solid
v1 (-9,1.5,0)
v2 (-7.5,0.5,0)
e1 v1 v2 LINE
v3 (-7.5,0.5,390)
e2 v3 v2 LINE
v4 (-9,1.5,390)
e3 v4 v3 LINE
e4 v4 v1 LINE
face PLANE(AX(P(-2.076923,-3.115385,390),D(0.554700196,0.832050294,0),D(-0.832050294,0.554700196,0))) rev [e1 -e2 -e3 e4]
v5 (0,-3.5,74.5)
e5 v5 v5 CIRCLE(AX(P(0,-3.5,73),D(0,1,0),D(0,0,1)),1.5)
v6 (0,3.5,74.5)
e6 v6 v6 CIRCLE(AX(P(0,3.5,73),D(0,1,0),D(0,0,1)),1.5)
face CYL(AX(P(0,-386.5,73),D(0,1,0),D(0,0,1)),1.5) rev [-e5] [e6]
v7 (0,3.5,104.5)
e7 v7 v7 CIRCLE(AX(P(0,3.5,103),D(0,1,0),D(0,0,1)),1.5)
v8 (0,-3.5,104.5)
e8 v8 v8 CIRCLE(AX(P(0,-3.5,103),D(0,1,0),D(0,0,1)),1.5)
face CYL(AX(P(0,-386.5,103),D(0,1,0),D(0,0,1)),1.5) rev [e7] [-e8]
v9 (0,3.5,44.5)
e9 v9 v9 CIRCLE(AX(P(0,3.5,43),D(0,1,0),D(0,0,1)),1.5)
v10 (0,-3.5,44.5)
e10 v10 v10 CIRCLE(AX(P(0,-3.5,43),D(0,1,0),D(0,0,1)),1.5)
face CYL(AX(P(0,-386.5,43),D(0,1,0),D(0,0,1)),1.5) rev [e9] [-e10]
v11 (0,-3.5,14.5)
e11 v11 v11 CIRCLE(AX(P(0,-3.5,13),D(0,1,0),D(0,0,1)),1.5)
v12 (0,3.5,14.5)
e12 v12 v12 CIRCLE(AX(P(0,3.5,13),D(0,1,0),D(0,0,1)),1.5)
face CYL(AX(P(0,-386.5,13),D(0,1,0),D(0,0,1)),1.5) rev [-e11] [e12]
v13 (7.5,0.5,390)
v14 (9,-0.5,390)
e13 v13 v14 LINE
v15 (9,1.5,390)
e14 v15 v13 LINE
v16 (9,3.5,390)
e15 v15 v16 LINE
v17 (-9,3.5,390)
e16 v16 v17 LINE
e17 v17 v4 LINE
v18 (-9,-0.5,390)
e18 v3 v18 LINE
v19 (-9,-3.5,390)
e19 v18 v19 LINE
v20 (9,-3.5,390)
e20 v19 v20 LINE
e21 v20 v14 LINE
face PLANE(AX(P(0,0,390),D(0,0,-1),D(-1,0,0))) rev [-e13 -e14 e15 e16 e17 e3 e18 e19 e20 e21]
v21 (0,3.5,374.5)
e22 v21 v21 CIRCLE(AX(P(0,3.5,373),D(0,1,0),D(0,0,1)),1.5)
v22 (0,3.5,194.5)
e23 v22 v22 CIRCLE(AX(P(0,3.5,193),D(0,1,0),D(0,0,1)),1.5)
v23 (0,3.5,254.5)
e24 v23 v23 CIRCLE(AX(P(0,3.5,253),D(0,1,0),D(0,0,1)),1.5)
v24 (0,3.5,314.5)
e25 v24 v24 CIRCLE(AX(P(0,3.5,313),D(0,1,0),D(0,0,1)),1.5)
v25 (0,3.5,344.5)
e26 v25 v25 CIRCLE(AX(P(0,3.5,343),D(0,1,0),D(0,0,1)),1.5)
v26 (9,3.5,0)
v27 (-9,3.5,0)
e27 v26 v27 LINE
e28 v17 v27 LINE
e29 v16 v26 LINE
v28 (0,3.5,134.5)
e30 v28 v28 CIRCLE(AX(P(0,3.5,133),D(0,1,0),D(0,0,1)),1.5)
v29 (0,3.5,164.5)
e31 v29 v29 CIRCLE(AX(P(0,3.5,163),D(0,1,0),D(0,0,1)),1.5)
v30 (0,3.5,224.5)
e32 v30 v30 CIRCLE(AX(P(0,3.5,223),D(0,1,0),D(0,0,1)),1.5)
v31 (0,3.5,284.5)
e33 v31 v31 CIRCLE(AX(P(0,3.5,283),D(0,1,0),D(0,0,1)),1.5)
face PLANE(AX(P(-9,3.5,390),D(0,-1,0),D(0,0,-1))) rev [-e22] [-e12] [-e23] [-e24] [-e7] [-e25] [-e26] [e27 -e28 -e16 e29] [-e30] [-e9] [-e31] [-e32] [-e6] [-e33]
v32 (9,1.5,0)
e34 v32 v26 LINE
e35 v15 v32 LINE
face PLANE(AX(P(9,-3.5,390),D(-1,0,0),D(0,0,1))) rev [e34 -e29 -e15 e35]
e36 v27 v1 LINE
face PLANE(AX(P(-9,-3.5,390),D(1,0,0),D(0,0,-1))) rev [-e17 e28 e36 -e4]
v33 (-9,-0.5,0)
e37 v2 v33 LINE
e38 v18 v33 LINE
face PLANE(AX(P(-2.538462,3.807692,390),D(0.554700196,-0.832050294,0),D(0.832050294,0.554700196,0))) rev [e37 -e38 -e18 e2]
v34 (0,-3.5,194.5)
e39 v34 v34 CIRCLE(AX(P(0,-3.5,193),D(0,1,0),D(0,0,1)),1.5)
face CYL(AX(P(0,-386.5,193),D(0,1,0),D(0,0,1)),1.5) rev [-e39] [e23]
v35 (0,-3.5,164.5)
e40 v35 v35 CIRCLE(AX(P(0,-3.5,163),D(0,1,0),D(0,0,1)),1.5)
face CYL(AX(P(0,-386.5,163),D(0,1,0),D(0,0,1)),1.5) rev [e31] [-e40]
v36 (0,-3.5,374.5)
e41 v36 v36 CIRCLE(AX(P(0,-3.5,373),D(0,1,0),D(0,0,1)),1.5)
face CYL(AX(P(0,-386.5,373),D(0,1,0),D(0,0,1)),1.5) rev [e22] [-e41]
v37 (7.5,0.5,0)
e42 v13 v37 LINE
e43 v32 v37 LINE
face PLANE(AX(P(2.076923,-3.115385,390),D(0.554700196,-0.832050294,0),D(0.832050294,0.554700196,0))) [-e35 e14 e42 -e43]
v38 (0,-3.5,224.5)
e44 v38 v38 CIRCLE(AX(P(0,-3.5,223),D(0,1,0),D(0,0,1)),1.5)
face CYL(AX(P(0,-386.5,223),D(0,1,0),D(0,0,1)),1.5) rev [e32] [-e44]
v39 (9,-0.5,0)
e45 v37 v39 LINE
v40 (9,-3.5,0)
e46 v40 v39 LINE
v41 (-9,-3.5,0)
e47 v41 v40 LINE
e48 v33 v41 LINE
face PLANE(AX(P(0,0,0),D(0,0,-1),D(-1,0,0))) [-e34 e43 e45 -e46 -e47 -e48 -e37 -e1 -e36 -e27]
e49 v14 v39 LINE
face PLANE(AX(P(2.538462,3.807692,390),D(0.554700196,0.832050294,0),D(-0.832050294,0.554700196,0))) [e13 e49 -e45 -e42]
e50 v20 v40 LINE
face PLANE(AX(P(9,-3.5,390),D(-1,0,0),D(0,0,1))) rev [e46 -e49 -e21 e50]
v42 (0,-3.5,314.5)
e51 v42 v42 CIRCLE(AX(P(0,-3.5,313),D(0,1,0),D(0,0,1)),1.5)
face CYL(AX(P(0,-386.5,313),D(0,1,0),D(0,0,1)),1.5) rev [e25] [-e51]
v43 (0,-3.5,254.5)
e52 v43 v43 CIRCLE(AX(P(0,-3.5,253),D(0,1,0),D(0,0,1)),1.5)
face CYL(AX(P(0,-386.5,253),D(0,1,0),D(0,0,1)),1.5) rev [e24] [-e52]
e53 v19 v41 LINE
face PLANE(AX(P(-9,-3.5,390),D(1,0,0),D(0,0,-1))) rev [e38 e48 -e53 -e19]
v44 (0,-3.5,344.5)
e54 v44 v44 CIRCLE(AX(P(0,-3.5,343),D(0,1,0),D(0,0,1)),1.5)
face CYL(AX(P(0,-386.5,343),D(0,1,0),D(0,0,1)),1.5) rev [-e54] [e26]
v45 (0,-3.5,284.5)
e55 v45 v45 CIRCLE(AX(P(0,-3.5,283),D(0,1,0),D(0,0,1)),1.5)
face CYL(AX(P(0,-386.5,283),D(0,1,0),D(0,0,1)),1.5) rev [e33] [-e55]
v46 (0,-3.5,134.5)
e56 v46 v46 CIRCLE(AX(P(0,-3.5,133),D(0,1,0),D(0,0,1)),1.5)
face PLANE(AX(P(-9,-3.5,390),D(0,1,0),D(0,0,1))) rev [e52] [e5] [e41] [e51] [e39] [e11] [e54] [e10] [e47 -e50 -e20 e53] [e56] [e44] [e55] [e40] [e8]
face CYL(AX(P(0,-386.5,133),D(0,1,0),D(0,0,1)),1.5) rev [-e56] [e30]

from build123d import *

# Parameters (mm, degrees)
SKETCH1_W           = 18
SKETCH1_H           = 7
BOSS_EXTRUDE1_DEPTH = 390
SKETCH3_R           = 1.5
CUT_EXTRUDE1_DEPTH  = 390
CUT_EXTRUDE2_DEPTH  = 390


with BuildPart() as part:
    # Sketch1 → Boss-Extrude1 (new body)
    with BuildSketch(Plane.XY):
        Rectangle(SKETCH1_W, SKETCH1_H)
    extrude(amount=BOSS_EXTRUDE1_DEPTH)

    # Sketch3 → Cut-Extrude1 (cut)
    with BuildSketch(Plane(origin=(0, 3.5, 0), x_dir=(1, 0, 0), z_dir=(0, 1, 0))):
        with Locations((0, -13)):
            Circle(SKETCH3_R)
        with Locations((0, -43)):
            Circle(SKETCH3_R)
        with Locations((0, -73)):
            Circle(SKETCH3_R)
        with Locations((0, -103)):
            Circle(SKETCH3_R)
        with Locations((0, -133)):
            Circle(SKETCH3_R)
        with Locations((0, -163)):
            Circle(SKETCH3_R)
        with Locations((0, -193)):
            Circle(SKETCH3_R)
        with Locations((0, -223)):
            Circle(SKETCH3_R)
        with Locations((0, -253)):
            Circle(SKETCH3_R)
        with Locations((0, -283)):
            Circle(SKETCH3_R)
        with Locations((0, -313)):
            Circle(SKETCH3_R)
        with Locations((0, -343)):
            Circle(SKETCH3_R)
        with Locations((0, -373)):
            Circle(SKETCH3_R)
    extrude(amount=-CUT_EXTRUDE1_DEPTH, mode=Mode.SUBTRACT)

    # Sketch5 → Cut-Extrude2 (cut)
    with BuildSketch(Plane(origin=(0, 0, 0), x_dir=(-1, 0, 0), z_dir=(0, 0, -1))):
        Polygon((-9, 1.5), (-9, -0.5), (-7.5, 0.5), align=None)
        Polygon((9, -0.5), (9, 1.5), (7.5, 0.5), align=None)
    extrude(amount=-CUT_EXTRUDE2_DEPTH, mode=Mode.SUBTRACT)


solid = part.part
